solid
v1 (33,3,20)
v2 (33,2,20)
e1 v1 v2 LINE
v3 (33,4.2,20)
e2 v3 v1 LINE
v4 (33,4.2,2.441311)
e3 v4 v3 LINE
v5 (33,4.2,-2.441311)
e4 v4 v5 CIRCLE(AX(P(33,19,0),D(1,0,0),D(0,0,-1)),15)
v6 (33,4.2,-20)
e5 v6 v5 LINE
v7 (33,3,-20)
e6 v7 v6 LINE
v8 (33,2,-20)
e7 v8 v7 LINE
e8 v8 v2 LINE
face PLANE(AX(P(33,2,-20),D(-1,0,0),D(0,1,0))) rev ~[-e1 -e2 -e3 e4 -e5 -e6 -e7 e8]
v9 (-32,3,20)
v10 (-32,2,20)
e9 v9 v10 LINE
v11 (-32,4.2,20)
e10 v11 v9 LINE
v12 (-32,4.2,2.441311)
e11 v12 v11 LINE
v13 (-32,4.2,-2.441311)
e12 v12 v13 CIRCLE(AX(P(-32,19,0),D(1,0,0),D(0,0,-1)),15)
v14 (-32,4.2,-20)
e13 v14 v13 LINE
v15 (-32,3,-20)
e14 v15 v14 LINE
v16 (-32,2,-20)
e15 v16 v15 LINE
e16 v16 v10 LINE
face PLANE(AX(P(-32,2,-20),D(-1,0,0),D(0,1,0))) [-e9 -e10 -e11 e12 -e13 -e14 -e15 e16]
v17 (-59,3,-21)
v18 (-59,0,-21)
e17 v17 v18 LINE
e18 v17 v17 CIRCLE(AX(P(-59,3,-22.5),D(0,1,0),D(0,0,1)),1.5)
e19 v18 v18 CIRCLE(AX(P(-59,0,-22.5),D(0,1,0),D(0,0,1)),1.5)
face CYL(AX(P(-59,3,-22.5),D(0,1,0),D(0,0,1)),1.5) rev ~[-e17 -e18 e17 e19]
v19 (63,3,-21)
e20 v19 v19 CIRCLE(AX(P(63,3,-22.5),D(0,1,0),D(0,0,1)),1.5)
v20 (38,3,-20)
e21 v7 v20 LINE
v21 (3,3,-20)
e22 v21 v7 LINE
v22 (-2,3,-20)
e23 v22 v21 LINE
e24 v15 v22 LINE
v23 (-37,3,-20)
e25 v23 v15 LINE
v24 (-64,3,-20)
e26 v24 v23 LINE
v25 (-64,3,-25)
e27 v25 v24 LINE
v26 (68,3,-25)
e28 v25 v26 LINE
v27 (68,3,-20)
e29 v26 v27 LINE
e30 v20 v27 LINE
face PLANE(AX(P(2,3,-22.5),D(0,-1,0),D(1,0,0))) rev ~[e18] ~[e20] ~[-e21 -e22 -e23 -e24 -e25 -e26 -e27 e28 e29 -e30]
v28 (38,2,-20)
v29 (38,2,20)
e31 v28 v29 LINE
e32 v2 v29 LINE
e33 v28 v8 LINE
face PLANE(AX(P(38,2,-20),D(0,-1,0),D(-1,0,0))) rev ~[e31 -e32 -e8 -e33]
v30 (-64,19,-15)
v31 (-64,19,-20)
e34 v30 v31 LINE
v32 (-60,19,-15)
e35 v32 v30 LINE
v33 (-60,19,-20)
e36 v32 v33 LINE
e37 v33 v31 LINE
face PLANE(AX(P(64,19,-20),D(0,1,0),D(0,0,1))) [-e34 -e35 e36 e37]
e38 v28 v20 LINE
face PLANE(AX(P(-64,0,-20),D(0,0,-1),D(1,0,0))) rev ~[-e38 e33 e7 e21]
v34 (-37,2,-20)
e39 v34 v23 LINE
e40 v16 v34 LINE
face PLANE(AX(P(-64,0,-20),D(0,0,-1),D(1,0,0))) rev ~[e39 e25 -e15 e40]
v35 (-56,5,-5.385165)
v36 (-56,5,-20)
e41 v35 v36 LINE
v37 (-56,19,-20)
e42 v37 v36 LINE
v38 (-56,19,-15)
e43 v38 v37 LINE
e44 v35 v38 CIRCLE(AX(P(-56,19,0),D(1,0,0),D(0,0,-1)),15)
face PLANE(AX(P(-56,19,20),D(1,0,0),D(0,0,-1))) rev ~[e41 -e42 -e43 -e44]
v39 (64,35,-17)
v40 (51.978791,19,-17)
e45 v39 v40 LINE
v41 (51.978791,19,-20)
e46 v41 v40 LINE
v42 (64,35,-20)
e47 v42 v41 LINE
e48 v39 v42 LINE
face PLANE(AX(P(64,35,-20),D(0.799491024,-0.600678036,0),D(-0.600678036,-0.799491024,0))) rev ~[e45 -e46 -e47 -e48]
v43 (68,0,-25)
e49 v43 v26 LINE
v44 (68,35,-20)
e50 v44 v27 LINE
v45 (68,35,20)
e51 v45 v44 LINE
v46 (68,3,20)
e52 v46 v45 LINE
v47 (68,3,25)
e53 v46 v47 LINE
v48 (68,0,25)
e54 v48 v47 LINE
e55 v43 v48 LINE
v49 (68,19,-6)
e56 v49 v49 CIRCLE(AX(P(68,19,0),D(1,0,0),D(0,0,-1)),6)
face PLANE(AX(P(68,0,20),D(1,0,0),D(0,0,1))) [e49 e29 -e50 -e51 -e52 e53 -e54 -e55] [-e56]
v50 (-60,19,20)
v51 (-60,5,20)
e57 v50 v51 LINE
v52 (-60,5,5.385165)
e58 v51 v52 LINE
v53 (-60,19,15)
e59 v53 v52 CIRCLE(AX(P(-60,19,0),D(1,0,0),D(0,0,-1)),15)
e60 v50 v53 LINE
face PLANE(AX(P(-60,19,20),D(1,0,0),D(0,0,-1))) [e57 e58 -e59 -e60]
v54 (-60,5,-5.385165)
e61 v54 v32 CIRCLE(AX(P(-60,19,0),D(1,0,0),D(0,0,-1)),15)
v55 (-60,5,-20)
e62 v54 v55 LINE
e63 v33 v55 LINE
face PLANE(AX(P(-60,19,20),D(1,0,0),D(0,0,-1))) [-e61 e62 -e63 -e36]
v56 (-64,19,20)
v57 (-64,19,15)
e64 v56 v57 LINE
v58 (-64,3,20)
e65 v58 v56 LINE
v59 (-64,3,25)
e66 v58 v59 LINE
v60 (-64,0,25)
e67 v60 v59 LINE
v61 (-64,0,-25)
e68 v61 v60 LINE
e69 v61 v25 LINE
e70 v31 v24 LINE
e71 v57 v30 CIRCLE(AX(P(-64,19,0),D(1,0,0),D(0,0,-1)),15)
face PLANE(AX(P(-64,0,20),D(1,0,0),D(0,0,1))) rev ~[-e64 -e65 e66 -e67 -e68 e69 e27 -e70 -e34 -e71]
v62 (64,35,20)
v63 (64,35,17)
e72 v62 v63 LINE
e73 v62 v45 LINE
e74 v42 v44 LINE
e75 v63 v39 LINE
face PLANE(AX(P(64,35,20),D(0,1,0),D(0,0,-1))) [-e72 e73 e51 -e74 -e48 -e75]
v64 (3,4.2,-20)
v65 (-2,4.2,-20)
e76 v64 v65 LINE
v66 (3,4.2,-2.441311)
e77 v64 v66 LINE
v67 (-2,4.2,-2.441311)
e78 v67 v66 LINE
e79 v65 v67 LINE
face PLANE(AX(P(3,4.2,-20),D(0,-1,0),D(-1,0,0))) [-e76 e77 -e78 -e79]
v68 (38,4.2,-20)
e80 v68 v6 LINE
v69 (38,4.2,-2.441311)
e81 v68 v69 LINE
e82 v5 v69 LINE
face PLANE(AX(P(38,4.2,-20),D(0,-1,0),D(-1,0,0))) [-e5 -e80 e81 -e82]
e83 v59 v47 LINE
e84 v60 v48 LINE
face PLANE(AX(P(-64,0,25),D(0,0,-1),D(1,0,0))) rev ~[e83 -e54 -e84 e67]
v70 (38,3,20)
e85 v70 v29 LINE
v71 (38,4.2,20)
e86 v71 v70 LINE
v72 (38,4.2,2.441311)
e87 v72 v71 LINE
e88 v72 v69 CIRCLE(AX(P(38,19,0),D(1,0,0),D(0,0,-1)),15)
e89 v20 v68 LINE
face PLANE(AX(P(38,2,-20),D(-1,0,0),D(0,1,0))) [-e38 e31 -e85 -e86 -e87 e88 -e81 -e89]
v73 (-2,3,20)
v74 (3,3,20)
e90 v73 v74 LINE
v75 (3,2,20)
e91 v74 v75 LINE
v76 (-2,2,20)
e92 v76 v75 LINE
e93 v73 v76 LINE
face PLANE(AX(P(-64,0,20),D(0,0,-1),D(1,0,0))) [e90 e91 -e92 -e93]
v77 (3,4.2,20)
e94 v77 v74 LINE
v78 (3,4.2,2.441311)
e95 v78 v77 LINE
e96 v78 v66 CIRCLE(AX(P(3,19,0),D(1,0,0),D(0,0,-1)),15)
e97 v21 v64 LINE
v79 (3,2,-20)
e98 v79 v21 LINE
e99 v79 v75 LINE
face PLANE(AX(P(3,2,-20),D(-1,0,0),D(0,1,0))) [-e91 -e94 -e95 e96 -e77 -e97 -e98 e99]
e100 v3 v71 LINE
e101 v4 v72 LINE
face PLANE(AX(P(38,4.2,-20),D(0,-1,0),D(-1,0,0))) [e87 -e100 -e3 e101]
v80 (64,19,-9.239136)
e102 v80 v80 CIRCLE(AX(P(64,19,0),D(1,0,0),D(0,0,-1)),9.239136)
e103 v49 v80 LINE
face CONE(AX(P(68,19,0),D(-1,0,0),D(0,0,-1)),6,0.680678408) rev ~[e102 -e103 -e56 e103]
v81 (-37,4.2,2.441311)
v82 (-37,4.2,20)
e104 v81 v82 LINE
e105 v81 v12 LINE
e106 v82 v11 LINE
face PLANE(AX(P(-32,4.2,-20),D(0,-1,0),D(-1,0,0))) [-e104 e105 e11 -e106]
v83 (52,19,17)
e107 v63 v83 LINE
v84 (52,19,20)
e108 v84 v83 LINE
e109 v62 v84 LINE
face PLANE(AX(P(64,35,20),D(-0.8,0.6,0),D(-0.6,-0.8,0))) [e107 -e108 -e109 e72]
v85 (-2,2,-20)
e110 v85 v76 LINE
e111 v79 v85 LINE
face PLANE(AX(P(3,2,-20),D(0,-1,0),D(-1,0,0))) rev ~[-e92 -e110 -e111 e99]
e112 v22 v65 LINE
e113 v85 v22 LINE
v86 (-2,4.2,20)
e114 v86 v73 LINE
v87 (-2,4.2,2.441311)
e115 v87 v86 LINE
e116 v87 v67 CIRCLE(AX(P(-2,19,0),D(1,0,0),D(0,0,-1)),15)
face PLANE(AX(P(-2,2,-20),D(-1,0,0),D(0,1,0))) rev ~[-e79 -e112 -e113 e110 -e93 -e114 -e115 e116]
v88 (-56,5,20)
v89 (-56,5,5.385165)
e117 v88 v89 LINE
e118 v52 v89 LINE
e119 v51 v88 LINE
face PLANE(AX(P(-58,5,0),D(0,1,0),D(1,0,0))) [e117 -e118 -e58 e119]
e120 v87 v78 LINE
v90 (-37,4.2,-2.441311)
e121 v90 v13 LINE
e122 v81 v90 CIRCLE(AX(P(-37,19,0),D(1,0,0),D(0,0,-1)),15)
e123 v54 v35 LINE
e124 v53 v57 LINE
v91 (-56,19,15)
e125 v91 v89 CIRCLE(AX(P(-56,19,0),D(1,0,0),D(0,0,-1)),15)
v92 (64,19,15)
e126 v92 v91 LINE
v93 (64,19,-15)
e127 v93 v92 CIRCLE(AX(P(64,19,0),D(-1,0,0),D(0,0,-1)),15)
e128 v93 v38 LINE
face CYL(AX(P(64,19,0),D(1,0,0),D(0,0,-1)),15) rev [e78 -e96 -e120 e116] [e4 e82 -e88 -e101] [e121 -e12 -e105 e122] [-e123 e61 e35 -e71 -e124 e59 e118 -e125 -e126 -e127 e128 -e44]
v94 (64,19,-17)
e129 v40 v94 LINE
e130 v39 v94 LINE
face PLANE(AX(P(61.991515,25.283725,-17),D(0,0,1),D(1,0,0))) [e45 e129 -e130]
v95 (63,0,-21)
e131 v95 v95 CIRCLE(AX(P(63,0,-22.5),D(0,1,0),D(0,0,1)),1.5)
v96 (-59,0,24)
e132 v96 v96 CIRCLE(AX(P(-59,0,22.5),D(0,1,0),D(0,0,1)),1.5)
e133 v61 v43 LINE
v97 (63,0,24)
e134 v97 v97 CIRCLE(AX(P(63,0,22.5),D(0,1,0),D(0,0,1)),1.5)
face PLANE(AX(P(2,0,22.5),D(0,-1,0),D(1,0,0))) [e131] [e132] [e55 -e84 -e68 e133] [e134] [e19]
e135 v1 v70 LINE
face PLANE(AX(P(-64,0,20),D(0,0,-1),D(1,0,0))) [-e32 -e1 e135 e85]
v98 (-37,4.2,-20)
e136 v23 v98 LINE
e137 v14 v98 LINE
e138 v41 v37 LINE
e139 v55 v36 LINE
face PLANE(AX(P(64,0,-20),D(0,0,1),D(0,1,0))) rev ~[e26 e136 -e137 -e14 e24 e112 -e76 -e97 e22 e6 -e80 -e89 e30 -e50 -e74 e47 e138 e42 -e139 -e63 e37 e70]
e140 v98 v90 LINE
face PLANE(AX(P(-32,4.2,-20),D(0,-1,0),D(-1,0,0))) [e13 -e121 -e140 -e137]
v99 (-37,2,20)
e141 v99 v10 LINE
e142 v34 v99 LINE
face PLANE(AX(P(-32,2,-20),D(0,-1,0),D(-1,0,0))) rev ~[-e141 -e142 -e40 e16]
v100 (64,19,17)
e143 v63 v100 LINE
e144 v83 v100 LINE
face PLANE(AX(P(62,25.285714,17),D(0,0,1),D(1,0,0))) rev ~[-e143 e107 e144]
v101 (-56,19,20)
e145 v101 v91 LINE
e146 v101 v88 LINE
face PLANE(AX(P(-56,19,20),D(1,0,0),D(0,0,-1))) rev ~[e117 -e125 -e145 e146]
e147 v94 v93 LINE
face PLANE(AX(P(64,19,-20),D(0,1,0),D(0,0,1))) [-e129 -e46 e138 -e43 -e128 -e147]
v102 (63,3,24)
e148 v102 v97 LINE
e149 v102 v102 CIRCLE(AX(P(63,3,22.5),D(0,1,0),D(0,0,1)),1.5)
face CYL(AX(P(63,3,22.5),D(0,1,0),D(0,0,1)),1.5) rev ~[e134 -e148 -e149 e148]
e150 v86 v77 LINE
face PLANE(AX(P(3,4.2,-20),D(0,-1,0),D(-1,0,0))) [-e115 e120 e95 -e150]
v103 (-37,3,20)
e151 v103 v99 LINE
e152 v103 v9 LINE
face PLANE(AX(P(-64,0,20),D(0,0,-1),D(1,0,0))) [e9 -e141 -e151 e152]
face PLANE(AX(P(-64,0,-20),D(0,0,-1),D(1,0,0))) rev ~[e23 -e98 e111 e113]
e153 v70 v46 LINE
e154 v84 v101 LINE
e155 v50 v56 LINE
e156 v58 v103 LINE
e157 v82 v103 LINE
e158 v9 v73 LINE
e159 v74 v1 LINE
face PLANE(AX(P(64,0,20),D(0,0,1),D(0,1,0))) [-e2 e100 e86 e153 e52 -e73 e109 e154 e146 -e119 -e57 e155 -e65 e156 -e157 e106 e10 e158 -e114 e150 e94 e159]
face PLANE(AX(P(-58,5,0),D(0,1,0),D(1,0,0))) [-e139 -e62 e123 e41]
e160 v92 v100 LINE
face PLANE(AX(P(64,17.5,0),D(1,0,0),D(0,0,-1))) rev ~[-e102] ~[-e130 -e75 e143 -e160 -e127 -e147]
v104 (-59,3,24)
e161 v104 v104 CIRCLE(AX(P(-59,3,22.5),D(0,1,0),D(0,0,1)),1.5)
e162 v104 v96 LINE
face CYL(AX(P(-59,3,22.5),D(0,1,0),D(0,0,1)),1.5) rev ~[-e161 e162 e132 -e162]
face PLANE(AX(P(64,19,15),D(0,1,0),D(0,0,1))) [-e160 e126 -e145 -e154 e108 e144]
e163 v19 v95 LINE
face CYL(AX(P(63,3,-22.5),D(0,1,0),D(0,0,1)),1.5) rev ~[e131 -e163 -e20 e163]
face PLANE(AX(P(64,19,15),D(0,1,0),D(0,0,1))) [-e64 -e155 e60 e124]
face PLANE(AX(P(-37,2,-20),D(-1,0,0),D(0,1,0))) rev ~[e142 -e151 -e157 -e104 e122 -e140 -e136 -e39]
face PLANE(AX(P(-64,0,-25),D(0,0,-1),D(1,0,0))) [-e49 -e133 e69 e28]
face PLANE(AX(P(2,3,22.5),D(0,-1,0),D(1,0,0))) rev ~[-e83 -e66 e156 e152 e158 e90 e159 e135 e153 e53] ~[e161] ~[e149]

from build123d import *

# Parameters (mm, degrees)
SKETCH1_W           = 128
SKETCH1_H           = 40
BOSS_EXTRUDE1_DEPTH = 8
SKETCH2_W           = 128
SKETCH2_H           = 40
BOSS_EXTRUDE2_DEPTH = 30
CUT_EXTRUDE1_DEPTH  = 200000
SKETCH5_W           = 4
SKETCH5_H           = 40
CUT_EXTRUDE2_DEPTH  = 14
SKETCH6_W           = 40
SKETCH6_H           = 35
BOSS_EXTRUDE3_DEPTH = 4
SKETCH7_R           = 6
CUT_EXTRUDE3_DEPTH  = 4
CUT_EXTRUDE3_DRAFT  = 39
SKETCH8_W           = 5
SKETCH8_H           = 2.2
CUT_EXTRUDE4_DEPTH  = 200
SKETCH9_W           = 132
SKETCH9_H           = 5
BOSS_EXTRUDE4_DEPTH = 3
BOSS_EXTRUDE7_DEPTH = 3
BOSS_EXTRUDE9_DEPTH = 3
SKETCH13_R          = 1.5
CUT_EXTRUDE5_DEPTH  = 10


with BuildPart() as part:
    # Sketch1 → Boss-Extrude1 (new body)
    with BuildSketch(Plane(origin=(0, 0, 0), x_dir=(1, 0, 0), z_dir=(0, 1, 0))):
        Rectangle(SKETCH1_W, SKETCH1_H)
    extrude(amount=BOSS_EXTRUDE1_DEPTH)

    # Sketch2 → Boss-Extrude2 (add)
    with BuildSketch(Plane(origin=(0, 8, 0), x_dir=(1, 0, 0), z_dir=(0, 1, 0))):
        Rectangle(SKETCH2_W, SKETCH2_H)
    extrude(amount=BOSS_EXTRUDE2_DEPTH)

    # Sketch3 → Cut-Extrude1 (cut)
    with BuildSketch(Plane(origin=(64, 0, 0), x_dir=(0, 0, -1), z_dir=(1, 0, 0))):
        with BuildLine():
            Line((-15, 19), (-20, 19))
            Line((-20, 19), (-20, 38))
            Line((-20, 38), (20, 38))
            Line((20, 38), (20, 19))
            Line((20, 19), (15, 19))
            ThreePointArc((15, 19), (0, 4), (-15, 19))
        make_face()
    extrude(amount=-CUT_EXTRUDE1_DEPTH, mode=Mode.SUBTRACT)

    # Sketch5 → Cut-Extrude2 (cut)
    with BuildSketch(Plane(origin=(0, 19, 0), x_dir=(1, 0, 0), z_dir=(0, 1, 0))):
        with Locations((-58, 0)):
            Rectangle(SKETCH5_W, SKETCH5_H)
    extrude(amount=-CUT_EXTRUDE2_DEPTH, mode=Mode.SUBTRACT)

    # Sketch6 → Boss-Extrude3 (add)
    with BuildSketch(Plane(origin=(64, 0, 0), x_dir=(0, 0, -1), z_dir=(1, 0, 0))):
        with Locations((0, 17.5)):
            Rectangle(SKETCH6_W, SKETCH6_H)
    extrude(amount=BOSS_EXTRUDE3_DEPTH)


with BuildPart() as cut_extrude3_tool:
    # Sketch7 → Cut-Extrude3 (with draft: the straight prism first)
    with BuildSketch(Plane(origin=(68, 0, 0), x_dir=(0, 0, -1), z_dir=(1, 0, 0))):
        with Locations((0, 19)):
            Circle(SKETCH7_R)
    extrude(amount=-CUT_EXTRUDE3_DEPTH)
    # Cut-Extrude3: the draft: its side faces are tilted about the plane it starts from
    cut_extrude3_sides = [cut_extrude3_tool.faces().sort_by_distance(p)[0] for p in [
        (66, 19, 6),
    ]]
    draft(cut_extrude3_sides, Plane(origin=(68, 0, 0), x_dir=(0, 0, -1), z_dir=(1, 0, 0)), CUT_EXTRUDE3_DRAFT)


with BuildPart() as part_1:
    add(part.part)

    # Cut-Extrude3: cut by cut_extrude3_tool
    add(cut_extrude3_tool.part, mode=Mode.SUBTRACT)

    # Sketch8 → Cut-Extrude4 (cut)
    with BuildSketch(Plane(origin=(0, 0, -20), x_dir=(-1, 0, 0), z_dir=(0, 0, -1))):
        with Locations((-35.5, 3.1)):
            Rectangle(SKETCH8_W, SKETCH8_H)
        with Locations((34.5, 3.1)):
            Rectangle(SKETCH8_W, SKETCH8_H)
        with Locations((-0.5, 3.1)):
            Rectangle(SKETCH8_W, SKETCH8_H)
    extrude(amount=-CUT_EXTRUDE4_DEPTH, mode=Mode.SUBTRACT)

    # Sketch9 → Boss-Extrude4 (add)
    with BuildSketch(Plane.XZ):
        with Locations((2, 22.5)):
            Rectangle(SKETCH9_W, SKETCH9_H)
        with Locations((2, -22.5)):
            Rectangle(SKETCH9_W, SKETCH9_H)
    extrude(amount=-BOSS_EXTRUDE4_DEPTH)

    # Sketch10 → Boss-Extrude7 (add)
    with BuildSketch(Plane.XY.offset(20)):
        Polygon((68, 35), (64, 35), (52, 19), (68, 19), align=None)
    extrude(amount=-BOSS_EXTRUDE7_DEPTH)

    # Sketch12 → Boss-Extrude9 (add)
    with BuildSketch(Plane(origin=(0, 0, -20), x_dir=(-1, 0, 0), z_dir=(0, 0, -1))):
        Polygon((-68, 35), (-64, 35), (-51.978791145, 19), (-68, 19), align=None)
    extrude(amount=-BOSS_EXTRUDE9_DEPTH)

    # Sketch13 → Cut-Extrude5 (cut)
    with BuildSketch(Plane(origin=(0, 3, 0), x_dir=(1, 0, 0), z_dir=(0, 1, 0))):
        with Locations(Location((-59, -22.5, 0), (0, 0, 270))):
            Circle(SKETCH13_R)
        with Locations(Location((-59, 22.5, 0), (0, 0, 270))):
            Circle(SKETCH13_R)
        with Locations(Location((63, -22.5, 0), (0, 0, 270))):
            Circle(SKETCH13_R)
        with Locations(Location((63, 22.5, 0), (0, 0, 270))):
            Circle(SKETCH13_R)
    extrude(amount=-CUT_EXTRUDE5_DEPTH, mode=Mode.SUBTRACT)


solid = part_1.part
